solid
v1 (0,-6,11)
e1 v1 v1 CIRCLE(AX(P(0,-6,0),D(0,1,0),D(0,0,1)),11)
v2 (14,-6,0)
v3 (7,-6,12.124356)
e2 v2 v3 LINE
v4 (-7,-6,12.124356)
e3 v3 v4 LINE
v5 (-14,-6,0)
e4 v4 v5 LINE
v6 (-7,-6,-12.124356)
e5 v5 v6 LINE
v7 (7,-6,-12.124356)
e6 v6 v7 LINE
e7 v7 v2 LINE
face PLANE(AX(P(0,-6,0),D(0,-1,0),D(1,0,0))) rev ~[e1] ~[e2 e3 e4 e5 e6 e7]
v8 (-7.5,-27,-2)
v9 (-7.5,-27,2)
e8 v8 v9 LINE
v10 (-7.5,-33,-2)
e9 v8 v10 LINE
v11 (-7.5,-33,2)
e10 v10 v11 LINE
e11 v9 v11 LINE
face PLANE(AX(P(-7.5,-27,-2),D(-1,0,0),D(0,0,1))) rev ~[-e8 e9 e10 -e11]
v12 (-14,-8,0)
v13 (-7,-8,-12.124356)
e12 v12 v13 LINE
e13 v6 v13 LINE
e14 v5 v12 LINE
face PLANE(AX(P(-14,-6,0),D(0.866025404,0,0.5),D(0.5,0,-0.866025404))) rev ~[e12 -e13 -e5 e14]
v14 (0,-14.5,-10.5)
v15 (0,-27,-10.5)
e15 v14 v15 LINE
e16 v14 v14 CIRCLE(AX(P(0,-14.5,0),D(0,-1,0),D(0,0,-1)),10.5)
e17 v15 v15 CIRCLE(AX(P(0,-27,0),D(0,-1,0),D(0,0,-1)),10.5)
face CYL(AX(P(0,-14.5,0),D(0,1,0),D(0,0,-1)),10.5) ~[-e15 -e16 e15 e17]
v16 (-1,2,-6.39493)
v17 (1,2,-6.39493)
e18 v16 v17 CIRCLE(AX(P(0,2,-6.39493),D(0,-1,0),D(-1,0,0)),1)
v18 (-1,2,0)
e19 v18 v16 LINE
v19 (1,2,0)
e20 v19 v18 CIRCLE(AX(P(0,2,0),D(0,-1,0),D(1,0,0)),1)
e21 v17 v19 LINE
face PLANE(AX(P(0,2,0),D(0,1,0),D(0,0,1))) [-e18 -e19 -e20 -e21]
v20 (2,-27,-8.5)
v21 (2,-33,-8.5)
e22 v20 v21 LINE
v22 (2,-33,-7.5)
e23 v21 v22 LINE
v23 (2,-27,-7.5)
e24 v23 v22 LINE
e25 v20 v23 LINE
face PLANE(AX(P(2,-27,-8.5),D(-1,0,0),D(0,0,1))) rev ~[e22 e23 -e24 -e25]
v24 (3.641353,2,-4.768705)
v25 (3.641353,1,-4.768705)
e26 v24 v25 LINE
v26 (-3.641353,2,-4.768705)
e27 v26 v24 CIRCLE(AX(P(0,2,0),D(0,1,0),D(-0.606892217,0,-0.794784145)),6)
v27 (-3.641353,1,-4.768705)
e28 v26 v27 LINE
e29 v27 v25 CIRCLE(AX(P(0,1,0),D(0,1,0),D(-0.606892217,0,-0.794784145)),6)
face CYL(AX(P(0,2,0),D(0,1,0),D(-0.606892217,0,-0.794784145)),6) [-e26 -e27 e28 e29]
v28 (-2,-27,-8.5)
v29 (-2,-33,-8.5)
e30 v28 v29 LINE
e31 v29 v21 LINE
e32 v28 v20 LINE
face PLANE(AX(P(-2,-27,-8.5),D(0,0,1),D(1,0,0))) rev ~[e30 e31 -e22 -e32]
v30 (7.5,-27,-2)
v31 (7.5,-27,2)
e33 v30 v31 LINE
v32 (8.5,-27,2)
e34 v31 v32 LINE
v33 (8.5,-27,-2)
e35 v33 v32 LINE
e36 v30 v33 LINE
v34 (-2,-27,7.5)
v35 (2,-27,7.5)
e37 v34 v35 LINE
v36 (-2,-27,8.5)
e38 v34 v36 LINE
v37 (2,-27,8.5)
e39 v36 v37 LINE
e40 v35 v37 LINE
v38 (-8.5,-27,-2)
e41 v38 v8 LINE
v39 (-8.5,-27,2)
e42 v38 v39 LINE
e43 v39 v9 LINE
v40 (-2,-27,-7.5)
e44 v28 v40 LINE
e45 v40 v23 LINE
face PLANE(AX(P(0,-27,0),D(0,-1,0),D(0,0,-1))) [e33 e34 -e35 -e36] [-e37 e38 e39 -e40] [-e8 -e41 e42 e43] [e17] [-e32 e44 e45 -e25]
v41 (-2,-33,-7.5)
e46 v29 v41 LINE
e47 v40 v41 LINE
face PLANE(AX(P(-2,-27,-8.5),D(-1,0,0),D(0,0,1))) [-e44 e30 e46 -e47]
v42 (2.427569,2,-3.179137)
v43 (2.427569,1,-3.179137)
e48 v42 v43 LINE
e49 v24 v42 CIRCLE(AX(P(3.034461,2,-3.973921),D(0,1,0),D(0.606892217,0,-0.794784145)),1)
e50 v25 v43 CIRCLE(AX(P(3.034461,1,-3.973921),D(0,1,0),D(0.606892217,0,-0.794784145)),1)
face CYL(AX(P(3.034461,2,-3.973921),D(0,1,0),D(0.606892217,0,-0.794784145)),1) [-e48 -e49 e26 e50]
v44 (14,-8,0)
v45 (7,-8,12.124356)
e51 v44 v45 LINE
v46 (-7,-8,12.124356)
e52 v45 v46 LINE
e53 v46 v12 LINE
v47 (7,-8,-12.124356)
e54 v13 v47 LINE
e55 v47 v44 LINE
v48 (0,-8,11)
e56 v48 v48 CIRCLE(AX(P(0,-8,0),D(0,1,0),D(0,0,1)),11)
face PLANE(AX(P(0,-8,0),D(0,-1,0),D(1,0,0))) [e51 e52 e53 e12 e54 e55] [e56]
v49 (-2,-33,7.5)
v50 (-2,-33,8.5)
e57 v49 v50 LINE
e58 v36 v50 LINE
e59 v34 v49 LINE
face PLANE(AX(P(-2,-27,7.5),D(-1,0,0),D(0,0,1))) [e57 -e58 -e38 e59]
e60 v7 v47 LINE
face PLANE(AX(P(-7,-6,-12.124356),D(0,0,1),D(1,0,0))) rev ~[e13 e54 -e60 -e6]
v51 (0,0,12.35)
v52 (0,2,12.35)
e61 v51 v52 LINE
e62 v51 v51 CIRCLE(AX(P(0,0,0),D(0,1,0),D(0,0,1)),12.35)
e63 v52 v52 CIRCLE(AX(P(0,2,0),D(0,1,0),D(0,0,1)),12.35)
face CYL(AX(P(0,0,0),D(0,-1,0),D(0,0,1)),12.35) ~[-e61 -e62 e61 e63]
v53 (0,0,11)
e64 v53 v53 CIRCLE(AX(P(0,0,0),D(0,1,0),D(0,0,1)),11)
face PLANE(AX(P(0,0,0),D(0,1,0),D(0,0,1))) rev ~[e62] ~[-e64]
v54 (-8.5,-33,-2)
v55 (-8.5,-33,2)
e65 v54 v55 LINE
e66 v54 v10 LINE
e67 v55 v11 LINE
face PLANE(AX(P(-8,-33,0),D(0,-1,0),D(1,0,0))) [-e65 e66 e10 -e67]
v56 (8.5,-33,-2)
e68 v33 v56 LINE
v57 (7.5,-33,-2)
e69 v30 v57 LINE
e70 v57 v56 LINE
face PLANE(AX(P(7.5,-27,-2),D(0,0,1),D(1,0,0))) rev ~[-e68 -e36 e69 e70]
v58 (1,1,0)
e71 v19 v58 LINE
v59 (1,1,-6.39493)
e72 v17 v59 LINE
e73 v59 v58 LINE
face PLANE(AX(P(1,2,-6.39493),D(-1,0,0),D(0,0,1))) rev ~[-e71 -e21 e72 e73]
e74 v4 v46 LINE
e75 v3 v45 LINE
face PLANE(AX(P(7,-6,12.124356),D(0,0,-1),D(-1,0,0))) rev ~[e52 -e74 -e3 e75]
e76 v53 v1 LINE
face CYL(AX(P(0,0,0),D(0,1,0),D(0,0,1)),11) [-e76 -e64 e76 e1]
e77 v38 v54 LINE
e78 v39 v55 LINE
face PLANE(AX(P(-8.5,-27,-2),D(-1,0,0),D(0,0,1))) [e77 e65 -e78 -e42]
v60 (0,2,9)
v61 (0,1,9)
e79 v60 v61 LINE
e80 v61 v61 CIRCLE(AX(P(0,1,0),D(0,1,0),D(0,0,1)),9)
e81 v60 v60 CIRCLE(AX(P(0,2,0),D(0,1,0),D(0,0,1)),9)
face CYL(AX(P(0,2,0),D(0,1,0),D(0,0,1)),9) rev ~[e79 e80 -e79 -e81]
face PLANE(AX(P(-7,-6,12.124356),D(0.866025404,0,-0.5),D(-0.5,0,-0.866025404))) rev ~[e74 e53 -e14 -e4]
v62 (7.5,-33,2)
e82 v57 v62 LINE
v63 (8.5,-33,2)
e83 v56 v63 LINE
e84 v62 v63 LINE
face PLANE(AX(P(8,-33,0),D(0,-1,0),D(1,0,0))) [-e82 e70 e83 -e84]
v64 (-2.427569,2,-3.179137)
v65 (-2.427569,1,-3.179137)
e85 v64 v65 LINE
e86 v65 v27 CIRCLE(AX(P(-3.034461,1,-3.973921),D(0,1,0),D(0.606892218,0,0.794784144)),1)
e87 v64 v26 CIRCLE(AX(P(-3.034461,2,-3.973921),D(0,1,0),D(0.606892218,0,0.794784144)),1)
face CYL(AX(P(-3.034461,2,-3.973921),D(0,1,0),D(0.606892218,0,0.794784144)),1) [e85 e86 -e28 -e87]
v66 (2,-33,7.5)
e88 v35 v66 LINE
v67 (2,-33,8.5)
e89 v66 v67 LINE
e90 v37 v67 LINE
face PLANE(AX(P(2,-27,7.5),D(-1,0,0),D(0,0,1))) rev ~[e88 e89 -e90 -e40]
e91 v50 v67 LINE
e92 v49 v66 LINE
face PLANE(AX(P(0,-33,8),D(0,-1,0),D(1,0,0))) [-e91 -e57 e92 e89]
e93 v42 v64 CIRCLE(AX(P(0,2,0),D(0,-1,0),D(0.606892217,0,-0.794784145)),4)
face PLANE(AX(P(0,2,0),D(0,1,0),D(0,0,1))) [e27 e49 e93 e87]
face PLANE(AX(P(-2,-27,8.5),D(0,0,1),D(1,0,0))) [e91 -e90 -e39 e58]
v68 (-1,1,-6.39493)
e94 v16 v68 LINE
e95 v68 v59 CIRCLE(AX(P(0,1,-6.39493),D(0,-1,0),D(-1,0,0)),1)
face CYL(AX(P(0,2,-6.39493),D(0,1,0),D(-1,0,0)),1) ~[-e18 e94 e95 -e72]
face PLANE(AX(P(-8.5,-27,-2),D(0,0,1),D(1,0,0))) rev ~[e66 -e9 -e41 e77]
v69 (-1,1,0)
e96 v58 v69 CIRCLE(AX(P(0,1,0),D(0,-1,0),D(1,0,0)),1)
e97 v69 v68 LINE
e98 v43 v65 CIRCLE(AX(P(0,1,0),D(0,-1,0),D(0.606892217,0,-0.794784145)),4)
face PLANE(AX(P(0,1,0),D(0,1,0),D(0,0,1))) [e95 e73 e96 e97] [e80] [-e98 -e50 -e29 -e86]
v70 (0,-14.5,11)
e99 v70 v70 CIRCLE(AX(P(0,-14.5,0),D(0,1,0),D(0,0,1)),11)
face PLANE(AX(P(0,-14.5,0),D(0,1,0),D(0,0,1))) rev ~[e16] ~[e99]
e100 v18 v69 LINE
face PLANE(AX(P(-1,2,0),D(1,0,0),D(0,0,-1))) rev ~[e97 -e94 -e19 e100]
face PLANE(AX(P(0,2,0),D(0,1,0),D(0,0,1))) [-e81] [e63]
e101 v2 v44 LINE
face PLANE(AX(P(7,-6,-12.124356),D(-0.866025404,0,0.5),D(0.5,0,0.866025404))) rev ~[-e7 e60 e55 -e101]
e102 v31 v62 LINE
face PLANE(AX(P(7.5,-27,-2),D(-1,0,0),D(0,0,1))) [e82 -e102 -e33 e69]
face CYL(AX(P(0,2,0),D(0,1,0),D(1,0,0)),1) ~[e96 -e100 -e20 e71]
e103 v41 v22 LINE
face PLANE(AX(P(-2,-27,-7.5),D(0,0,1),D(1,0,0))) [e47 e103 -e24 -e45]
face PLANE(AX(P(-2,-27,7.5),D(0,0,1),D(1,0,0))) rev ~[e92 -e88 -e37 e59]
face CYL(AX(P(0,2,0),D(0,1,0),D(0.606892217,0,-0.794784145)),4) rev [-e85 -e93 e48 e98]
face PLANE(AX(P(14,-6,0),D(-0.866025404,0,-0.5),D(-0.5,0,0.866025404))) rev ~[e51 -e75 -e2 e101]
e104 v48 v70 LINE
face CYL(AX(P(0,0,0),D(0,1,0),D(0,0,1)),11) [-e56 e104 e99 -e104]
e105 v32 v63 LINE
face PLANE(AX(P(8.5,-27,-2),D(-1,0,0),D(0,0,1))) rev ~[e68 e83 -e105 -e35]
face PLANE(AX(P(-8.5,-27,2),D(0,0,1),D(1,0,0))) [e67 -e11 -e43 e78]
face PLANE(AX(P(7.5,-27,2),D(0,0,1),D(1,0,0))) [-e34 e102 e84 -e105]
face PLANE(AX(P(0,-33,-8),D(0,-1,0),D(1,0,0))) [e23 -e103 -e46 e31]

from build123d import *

# Parameters (mm, degrees)
ESQUISSE1_R             = 11
BOSS_EXTRU_1_DEPTH      = 14.5
ESQUISSE2_R             = 12.35
BOSS_EXTRU_2_DEPTH      = 2
ESQUISSE3_R             = 9
ENL_V_MAT_EXTRU_1_DEPTH = 1
ESQUISSE4_R             = 10.5
BOSS_EXTRU_3_DEPTH      = 12.5
ESQUISSE5_W             = 1
ESQUISSE5_H             = 4
ESQUISSE5_W_2           = 4
ESQUISSE5_H_2           = 1
BOSS_EXTRU_4_DEPTH      = 6
BOSS_EXTRU_5_START      = 6
BOSS_EXTRU_5_DEPTH      = 2


with BuildPart() as part:
    # Esquisse1 → Boss.-Extru.1 (new body)
    with BuildSketch(Plane(origin=(0, 0, 0), x_dir=(1, 0, 0), z_dir=(0, 1, 0))):
        with Locations(Location((0, 0, 0), (0, 0, 270))):
            Circle(ESQUISSE1_R)
    extrude(amount=-BOSS_EXTRU_1_DEPTH)

    # Esquisse2 → Boss.-Extru.2 (add)
    with BuildSketch(Plane(origin=(0, 0, 0), x_dir=(1, 0, 0), z_dir=(0, 1, 0))):
        with Locations(Location((0, 0, 0), (0, 0, 270))):
            Circle(ESQUISSE2_R)
    extrude(amount=BOSS_EXTRU_2_DEPTH)

    # Esquisse3 → Enlèv. mat.-Extru.1 (cut)
    with BuildSketch(Plane(origin=(0, 2, 0), x_dir=(1, 0, 0), z_dir=(0, 1, 0))):
        with Locations(Location((0, 0, 0), (0, 0, 270))):
            Circle(ESQUISSE3_R)
        with BuildLine():
            Line((-1, 0), (-1, 6.394930003))
            ThreePointArc((-1, 6.394930003), (0, 7.394930003), (1, 6.394930003))
            Line((1, 6.394930003), (1, 0))
            ThreePointArc((1, 0), (0, -1), (-1, 0))
        make_face(mode=Mode.SUBTRACT)
        with BuildLine():
            ThreePointArc((-3.641353304, 4.768704868), (0, -6), (3.641353304, 4.768704868))
            ThreePointArc((3.641353304, 4.768704868), (2.239676942, 4.58081294), (2.427568869, 3.179136578))
            ThreePointArc((2.427568869, 3.179136578), (0, -4), (-2.427568869, 3.179136578))
            ThreePointArc((-2.427568869, 3.179136578), (-2.239676942, 4.58081294), (-3.641353304, 4.768704868))
        make_face(mode=Mode.SUBTRACT)
    extrude(amount=-ENL_V_MAT_EXTRU_1_DEPTH, mode=Mode.SUBTRACT)

    # Esquisse4 → Boss.-Extru.3 (add)
    with BuildSketch(Plane.XZ.offset(14.5)):
        with Locations(Location((0, 0, 0), (0, 0, 270))):
            Circle(ESQUISSE4_R)
    extrude(amount=BOSS_EXTRU_3_DEPTH)

    # Esquisse5 → Boss.-Extru.4 (add)
    with BuildSketch(Plane.XZ.offset(27)):
        with Locations((-8, 0)):
            Rectangle(ESQUISSE5_W, ESQUISSE5_H)
        with Locations((0, 8)):
            Rectangle(ESQUISSE5_W_2, ESQUISSE5_H_2)
        with Locations((0, -8)):
            Rectangle(ESQUISSE5_W_2, ESQUISSE5_H_2)
        with Locations((8, 0)):
            Rectangle(ESQUISSE5_W, ESQUISSE5_H)
    extrude(amount=BOSS_EXTRU_4_DEPTH)

    # Esquisse6 → Boss.-Extru.5 (add)
    with BuildSketch(Plane.XZ.offset(BOSS_EXTRU_5_START)):
        Polygon((14, 0), (7, 12.124355653), (-7, 12.124355653), (-14, 0), (-7, -12.124355653), (7, -12.124355653), align=None)
    extrude(amount=BOSS_EXTRU_5_DEPTH)


solid = part.part
